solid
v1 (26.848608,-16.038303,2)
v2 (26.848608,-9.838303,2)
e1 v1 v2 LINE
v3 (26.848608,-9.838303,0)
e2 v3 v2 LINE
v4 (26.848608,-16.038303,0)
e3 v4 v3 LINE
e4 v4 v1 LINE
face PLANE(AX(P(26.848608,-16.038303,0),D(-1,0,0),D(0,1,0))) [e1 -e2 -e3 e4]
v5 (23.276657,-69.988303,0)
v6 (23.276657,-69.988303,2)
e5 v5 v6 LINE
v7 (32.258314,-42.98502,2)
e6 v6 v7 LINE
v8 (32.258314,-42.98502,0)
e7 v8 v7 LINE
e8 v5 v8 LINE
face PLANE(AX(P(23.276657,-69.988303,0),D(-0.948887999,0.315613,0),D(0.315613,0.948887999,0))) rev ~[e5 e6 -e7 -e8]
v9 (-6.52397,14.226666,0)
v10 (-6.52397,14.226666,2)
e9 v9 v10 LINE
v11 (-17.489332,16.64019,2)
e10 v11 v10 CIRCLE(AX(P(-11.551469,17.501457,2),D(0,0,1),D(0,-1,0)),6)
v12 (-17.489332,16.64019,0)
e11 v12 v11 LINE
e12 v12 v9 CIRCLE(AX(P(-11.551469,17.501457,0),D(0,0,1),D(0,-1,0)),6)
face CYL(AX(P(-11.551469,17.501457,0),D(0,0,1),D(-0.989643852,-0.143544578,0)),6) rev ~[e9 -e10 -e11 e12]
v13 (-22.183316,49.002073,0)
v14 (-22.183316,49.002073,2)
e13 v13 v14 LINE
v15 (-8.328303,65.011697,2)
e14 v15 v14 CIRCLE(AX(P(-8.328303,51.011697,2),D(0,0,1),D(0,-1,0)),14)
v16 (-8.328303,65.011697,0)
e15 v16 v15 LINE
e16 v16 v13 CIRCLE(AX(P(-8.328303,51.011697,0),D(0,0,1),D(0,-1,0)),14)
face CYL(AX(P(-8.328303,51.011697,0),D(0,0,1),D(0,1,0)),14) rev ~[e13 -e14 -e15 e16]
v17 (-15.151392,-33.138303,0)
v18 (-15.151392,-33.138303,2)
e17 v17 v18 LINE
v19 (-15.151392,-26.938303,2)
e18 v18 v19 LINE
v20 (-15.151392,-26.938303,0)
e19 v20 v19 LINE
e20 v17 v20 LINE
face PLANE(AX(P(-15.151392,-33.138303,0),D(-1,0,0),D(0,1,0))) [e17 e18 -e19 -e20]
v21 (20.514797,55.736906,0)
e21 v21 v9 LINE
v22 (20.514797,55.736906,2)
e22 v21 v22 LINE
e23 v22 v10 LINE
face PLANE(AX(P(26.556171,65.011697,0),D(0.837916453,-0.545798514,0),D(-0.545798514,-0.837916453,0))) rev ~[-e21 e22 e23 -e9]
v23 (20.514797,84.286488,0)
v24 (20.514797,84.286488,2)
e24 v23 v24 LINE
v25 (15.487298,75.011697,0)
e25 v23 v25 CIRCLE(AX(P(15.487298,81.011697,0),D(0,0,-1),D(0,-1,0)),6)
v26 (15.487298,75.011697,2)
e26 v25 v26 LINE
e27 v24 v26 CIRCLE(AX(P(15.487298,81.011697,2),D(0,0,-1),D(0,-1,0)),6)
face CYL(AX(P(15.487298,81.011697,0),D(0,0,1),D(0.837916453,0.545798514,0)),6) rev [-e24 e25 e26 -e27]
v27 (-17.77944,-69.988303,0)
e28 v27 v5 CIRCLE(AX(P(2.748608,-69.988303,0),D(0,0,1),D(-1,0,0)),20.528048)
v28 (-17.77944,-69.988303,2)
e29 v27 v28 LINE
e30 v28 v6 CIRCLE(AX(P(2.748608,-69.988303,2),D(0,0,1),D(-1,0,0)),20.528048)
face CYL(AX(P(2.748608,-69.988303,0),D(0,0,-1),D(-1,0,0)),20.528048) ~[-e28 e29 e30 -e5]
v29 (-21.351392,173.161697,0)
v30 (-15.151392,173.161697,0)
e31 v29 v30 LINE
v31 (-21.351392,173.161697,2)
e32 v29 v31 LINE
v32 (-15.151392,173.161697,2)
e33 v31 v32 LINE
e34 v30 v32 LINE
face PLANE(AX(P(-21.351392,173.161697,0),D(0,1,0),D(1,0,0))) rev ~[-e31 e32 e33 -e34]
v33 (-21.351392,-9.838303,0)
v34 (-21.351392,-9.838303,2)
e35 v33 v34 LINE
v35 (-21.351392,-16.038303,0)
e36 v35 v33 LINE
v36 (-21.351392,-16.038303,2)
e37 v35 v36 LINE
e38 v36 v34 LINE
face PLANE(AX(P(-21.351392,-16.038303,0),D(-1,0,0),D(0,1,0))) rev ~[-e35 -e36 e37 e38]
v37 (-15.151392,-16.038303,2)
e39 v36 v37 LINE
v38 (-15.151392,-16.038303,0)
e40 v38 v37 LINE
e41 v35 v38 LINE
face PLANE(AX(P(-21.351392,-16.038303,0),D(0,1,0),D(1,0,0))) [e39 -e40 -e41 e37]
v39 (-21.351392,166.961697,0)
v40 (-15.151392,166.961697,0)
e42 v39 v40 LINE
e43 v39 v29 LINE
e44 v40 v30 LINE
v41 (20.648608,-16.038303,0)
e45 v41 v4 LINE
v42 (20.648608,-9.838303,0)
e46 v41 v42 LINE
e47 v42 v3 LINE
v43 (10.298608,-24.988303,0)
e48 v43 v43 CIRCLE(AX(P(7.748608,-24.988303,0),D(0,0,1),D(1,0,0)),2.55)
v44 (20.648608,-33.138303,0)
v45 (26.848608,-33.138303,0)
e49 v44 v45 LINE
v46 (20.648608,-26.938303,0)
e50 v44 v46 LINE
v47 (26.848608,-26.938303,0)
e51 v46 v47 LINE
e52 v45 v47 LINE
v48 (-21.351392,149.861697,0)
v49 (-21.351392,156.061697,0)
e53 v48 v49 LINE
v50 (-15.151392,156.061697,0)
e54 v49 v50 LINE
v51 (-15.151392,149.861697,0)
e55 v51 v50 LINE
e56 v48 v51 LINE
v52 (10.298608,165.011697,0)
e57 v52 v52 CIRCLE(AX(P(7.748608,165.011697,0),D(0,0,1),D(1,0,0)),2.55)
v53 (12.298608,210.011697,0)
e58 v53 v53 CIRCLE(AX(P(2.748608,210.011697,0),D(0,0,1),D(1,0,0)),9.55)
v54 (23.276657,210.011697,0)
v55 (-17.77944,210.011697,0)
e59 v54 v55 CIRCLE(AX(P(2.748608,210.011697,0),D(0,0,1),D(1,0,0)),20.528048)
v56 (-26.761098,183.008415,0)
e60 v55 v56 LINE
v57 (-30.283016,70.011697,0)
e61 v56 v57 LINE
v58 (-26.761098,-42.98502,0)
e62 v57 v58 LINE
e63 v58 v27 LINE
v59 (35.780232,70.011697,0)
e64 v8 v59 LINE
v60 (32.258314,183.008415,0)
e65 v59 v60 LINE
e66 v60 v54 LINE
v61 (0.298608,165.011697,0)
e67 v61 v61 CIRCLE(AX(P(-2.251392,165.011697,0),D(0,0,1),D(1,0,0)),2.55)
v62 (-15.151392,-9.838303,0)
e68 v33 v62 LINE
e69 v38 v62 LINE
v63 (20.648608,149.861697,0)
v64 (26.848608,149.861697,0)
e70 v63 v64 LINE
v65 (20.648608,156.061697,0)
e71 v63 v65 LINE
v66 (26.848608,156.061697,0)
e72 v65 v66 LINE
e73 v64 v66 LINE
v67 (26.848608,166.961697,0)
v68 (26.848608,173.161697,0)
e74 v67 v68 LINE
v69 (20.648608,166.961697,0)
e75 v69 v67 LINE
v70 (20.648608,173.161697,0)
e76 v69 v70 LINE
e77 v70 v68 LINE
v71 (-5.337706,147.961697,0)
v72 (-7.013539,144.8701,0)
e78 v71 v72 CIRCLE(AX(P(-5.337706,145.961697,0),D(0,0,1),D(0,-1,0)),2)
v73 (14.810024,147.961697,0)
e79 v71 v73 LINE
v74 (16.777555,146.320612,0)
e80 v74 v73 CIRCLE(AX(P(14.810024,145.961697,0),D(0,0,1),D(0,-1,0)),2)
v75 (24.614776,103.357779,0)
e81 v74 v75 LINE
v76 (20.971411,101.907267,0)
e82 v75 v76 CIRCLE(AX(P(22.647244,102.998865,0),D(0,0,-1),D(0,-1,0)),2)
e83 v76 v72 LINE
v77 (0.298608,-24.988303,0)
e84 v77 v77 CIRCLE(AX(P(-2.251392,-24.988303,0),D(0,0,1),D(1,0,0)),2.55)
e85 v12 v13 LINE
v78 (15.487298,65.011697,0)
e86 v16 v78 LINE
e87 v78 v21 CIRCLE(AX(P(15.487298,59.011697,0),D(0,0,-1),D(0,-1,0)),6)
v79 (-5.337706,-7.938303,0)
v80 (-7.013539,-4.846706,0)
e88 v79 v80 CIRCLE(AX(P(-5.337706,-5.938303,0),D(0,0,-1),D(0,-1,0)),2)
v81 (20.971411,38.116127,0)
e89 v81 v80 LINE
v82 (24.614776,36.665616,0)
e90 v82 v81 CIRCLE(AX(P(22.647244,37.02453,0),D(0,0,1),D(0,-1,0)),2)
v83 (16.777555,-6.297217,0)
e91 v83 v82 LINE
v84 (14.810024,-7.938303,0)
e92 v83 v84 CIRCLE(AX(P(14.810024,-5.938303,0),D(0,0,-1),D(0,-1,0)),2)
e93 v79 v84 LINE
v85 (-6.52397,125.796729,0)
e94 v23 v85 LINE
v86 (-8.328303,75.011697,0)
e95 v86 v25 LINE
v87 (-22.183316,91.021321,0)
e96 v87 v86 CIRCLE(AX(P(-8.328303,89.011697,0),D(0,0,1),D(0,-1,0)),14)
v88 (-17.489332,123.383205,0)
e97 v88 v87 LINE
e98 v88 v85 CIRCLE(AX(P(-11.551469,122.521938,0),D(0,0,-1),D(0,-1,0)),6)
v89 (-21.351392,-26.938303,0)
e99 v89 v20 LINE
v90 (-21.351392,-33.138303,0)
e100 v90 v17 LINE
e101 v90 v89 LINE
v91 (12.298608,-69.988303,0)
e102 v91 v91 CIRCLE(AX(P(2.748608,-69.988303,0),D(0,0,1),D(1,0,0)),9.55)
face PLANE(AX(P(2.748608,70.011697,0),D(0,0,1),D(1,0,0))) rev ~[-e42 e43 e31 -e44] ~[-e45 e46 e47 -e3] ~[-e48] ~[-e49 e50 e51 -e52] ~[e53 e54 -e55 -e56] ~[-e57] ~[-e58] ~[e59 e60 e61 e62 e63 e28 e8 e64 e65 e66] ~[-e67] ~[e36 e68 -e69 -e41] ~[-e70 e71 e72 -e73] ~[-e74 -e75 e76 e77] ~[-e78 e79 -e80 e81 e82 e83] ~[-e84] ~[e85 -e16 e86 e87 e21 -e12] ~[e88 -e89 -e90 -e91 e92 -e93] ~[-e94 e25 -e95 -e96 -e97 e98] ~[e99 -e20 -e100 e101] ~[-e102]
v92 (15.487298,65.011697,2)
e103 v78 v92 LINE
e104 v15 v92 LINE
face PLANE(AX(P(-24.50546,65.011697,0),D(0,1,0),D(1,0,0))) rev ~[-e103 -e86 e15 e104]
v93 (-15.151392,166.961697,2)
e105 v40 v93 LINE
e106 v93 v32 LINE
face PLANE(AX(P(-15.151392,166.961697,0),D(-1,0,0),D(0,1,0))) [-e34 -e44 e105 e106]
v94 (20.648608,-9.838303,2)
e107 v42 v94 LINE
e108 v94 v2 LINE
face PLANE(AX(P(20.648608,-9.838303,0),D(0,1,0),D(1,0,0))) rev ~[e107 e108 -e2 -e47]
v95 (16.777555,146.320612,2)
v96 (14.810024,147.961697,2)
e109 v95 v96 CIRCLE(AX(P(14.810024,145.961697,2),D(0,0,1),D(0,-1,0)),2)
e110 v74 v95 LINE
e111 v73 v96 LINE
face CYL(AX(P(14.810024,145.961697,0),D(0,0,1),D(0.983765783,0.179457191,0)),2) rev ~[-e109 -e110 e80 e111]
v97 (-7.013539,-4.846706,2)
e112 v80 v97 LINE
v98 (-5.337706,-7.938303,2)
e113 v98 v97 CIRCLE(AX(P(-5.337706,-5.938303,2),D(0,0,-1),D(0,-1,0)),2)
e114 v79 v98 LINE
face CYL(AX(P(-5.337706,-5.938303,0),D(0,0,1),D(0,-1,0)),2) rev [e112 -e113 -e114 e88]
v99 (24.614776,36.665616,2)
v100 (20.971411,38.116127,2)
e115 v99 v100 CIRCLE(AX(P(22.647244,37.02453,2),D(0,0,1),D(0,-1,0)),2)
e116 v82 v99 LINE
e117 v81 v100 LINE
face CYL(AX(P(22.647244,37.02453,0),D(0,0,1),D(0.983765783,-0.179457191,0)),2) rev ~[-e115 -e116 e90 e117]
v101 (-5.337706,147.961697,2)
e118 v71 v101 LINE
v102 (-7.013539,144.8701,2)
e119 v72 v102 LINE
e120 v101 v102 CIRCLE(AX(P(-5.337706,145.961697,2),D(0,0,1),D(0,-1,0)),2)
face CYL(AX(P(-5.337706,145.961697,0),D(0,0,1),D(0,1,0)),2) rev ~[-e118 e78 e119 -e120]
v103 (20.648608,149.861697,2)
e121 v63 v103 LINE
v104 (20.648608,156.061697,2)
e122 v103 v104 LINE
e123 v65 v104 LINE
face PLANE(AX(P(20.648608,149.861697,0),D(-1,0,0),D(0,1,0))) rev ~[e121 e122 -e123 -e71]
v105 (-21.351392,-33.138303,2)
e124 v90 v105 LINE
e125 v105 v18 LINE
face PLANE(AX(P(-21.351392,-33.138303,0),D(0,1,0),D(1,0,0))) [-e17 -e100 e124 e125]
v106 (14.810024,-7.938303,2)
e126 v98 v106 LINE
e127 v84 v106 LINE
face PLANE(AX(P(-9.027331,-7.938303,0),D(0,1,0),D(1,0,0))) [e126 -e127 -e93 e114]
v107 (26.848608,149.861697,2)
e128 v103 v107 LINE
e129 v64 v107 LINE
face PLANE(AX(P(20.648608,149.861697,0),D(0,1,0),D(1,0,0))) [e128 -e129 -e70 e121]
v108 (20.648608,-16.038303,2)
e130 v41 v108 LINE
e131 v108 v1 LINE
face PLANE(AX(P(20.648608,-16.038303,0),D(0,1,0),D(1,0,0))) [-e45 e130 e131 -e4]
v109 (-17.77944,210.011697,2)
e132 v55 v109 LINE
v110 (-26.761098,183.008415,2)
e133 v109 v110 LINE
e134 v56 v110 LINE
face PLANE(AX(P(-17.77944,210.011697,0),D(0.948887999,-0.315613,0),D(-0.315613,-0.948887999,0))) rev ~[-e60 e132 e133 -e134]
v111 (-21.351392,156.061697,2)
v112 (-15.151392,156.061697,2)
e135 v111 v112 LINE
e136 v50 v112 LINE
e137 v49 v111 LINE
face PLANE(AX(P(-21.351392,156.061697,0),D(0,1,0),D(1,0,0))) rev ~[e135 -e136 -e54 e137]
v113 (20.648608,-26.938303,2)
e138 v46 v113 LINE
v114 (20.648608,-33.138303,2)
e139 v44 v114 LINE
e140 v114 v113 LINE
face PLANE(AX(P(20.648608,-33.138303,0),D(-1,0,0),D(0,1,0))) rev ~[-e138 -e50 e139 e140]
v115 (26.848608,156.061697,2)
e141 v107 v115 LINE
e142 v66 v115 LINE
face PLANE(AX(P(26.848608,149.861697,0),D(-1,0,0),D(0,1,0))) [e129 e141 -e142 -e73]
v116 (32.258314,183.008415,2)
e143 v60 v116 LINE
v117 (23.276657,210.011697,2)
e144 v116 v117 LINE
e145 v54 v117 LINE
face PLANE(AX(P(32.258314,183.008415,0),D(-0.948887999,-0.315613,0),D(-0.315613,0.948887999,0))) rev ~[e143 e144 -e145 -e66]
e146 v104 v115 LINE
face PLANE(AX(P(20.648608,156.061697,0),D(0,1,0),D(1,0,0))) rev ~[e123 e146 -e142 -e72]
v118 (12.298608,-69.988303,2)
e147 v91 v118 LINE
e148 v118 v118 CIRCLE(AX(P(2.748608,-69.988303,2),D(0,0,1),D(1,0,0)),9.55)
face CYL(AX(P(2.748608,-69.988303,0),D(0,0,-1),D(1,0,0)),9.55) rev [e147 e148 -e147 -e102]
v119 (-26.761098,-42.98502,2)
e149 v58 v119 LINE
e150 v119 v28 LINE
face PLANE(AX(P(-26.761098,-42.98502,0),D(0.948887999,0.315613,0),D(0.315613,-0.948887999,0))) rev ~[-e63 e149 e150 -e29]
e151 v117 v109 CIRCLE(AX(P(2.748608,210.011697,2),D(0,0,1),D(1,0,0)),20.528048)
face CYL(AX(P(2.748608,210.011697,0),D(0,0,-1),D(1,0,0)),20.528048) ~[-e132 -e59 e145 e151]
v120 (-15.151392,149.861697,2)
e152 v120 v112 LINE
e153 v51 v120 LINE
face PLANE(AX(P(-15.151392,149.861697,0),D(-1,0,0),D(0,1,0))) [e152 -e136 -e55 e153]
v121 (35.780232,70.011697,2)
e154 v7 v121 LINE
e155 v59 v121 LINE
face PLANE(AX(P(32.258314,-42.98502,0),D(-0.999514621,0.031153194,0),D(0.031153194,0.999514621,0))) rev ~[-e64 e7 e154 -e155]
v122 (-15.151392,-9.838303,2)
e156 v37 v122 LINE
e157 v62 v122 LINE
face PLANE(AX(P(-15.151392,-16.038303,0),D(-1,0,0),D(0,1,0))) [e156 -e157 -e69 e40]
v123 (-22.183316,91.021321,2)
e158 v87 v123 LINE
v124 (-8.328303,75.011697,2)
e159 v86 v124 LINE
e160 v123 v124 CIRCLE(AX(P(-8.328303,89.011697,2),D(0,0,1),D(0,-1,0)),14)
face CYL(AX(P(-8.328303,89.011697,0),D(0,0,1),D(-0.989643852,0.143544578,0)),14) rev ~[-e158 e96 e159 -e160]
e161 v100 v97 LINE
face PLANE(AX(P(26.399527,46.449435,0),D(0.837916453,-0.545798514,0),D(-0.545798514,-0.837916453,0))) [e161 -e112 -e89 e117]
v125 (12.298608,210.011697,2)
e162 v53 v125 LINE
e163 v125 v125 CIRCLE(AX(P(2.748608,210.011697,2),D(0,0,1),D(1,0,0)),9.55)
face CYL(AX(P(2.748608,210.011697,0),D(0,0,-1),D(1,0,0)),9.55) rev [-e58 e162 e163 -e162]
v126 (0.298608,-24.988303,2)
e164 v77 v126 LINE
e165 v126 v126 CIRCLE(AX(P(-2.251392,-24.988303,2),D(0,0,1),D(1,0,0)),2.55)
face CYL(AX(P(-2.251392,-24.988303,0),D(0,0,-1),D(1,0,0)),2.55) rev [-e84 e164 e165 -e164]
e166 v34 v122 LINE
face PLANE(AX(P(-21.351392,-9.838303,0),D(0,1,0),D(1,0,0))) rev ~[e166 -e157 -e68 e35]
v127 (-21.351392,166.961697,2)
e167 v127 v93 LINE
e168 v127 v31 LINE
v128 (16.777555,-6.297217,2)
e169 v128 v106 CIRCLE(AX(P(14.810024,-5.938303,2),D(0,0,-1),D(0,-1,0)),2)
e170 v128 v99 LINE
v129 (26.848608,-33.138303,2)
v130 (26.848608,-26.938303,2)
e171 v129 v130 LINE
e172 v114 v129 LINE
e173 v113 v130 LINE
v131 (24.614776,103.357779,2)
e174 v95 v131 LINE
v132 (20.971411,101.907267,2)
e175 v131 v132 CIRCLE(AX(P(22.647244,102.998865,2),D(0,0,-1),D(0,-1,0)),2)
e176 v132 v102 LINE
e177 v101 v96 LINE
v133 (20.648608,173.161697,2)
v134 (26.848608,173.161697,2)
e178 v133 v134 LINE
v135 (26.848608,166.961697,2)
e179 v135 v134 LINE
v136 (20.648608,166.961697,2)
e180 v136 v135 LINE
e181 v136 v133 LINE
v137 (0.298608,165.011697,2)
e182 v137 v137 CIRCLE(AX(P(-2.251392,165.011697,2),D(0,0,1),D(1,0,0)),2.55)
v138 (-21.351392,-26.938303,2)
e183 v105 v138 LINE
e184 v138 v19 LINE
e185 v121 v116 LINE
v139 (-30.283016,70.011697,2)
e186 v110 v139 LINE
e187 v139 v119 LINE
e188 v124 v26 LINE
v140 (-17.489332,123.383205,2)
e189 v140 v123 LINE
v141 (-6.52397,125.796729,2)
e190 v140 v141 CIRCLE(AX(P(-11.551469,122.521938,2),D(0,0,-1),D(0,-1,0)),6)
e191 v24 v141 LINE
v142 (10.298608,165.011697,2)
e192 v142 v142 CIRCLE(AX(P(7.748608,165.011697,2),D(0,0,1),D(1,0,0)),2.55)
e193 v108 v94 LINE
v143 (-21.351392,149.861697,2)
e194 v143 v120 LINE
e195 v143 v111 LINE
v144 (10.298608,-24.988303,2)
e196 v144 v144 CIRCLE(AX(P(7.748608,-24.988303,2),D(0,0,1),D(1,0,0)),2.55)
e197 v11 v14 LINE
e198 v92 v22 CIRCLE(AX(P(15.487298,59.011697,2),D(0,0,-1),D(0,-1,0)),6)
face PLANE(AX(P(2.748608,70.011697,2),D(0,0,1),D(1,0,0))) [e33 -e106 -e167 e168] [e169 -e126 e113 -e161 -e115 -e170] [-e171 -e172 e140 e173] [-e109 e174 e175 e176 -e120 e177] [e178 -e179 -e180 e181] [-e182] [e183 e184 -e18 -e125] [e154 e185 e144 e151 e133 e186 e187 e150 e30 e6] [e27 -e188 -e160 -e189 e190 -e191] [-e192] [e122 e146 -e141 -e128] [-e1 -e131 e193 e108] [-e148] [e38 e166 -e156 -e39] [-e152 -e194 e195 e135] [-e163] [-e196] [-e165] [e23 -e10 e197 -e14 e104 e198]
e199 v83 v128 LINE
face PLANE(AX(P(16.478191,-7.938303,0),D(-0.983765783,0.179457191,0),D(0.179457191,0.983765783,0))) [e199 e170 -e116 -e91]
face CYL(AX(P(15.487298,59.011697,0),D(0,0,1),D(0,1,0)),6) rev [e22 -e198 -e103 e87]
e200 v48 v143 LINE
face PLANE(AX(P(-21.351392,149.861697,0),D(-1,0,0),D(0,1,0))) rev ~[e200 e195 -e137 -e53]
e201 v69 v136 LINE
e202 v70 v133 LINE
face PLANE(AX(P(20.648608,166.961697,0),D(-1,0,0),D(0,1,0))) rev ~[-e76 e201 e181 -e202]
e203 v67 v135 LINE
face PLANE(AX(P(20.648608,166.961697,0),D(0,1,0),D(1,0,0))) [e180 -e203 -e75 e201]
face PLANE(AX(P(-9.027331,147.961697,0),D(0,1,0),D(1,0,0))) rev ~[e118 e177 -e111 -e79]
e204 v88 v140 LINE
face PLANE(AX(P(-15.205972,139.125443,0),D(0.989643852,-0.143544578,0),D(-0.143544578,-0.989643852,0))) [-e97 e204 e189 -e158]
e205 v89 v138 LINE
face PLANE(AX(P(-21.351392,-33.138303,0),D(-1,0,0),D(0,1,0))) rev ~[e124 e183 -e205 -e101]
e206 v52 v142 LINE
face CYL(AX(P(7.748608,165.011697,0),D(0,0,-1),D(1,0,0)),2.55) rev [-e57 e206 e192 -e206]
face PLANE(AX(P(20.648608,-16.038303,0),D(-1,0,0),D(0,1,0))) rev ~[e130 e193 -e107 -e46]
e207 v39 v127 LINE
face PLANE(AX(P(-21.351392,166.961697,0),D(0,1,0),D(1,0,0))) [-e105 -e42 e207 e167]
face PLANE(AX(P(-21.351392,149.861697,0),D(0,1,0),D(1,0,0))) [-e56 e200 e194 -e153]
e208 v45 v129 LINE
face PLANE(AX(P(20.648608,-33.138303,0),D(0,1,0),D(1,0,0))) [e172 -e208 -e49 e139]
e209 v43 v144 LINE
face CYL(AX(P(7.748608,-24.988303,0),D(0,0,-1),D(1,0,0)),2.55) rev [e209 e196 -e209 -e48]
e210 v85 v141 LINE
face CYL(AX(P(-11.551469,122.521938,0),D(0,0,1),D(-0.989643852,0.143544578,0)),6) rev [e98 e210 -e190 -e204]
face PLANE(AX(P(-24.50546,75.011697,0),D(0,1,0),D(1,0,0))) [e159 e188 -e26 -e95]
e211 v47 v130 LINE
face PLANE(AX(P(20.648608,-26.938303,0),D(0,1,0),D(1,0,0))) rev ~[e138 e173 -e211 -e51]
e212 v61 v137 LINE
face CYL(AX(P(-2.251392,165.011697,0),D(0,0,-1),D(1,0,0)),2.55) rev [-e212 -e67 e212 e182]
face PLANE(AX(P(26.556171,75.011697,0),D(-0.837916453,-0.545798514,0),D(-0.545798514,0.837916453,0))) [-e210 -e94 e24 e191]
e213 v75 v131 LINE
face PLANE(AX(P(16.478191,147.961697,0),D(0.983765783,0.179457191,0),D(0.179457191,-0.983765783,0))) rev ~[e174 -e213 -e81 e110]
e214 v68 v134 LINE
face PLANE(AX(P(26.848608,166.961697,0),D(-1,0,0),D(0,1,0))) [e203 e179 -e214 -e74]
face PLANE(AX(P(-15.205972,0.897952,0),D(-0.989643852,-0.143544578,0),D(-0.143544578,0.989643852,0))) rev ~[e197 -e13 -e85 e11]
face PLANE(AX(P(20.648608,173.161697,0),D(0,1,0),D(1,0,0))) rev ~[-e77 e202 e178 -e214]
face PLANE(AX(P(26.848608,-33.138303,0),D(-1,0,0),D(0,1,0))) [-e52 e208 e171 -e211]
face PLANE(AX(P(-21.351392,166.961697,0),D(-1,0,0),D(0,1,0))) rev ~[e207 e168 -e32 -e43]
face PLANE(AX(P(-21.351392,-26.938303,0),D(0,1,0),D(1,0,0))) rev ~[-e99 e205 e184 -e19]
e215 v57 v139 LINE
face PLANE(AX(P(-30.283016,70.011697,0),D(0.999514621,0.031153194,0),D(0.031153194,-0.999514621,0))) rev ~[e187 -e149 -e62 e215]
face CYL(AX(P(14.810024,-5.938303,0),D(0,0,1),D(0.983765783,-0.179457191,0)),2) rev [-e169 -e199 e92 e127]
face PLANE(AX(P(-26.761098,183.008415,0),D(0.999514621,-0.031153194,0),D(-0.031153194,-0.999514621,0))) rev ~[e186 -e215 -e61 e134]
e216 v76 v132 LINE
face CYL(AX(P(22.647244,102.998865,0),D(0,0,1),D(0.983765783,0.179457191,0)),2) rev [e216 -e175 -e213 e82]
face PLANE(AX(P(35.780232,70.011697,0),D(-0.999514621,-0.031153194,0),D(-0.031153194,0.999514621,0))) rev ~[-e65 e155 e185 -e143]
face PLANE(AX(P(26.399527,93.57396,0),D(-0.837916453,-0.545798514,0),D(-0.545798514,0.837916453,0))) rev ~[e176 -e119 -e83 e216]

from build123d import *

# Parameters (mm, degrees)
SKETCH_1_R      = 9.55
SKETCH_1_R_2    = 2.55
SKETCH_1_W      = 6.2
SKETCH_1_H      = 6.2
EXTRUDE_2_DEPTH = 2
FILLET_1_R      = 6
FILLET_2_R      = 14
FILLET_3_R      = 2


with BuildPart() as part:
    # 草图1 → 凸台-拉伸2 (new body)
    with BuildSketch(Plane.XY):
        with BuildLine():
            Line((-17.779440223, 210.011697354), (-26.761097666, 183.008415033))
            Line((-26.761097666, 183.008415033), (-30.283015797, 70.011697354))
            Line((-30.283015797, 70.011697354), (-26.761097666, -42.985020326))
            Line((-26.761097666, -42.985020326), (-17.779440223, -69.988302646))
            ThreePointArc((-17.779440223, -69.988302646), (2.748608262, -90.516351131), (23.276656746, -69.988302646))
            Line((23.276656746, -69.988302646), (32.258314189, -42.985020326))
            Line((32.258314189, -42.985020326), (35.78023232, 70.011697354))
            Line((35.78023232, 70.011697354), (32.258314189, 183.008415033))
            Line((32.258314189, 183.008415033), (23.276656746, 210.011697354))
            ThreePointArc((23.276656746, 210.011697354), (2.748608262, 230.539745838), (-17.779440223, 210.011697354))
        make_face()
        with Locations((2.748608262, 210.011697354)):
            Circle(SKETCH_1_R, mode=Mode.SUBTRACT)
        with Locations((-2.251391738, 165.011697354)):
            Circle(SKETCH_1_R_2, mode=Mode.SUBTRACT)
        with Locations((7.748608262, 165.011697354)):
            Circle(SKETCH_1_R_2, mode=Mode.SUBTRACT)
        with Locations((7.748608262, -24.988302646)):
            Circle(SKETCH_1_R_2, mode=Mode.SUBTRACT)
        with Locations((-2.251391738, -24.988302646)):
            Circle(SKETCH_1_R_2, mode=Mode.SUBTRACT)
        with Locations((2.748608262, -69.988302646)):
            Circle(SKETCH_1_R, mode=Mode.SUBTRACT)
        with Locations((-18.251391738, 152.961697354)):
            Rectangle(SKETCH_1_W, SKETCH_1_H, mode=Mode.SUBTRACT)
        with Locations((-18.251391738, 170.061697354)):
            Rectangle(SKETCH_1_W, SKETCH_1_H, mode=Mode.SUBTRACT)
        Polygon((26.399526511, 93.573959612), (-9.02733062, 147.961697354), (16.478190756, 147.961697354), align=None, mode=Mode.SUBTRACT)
        Polygon((-15.205972232, 139.125442928), (-24.505459679, 75.011697354), (26.556171202, 75.011697354), align=None, mode=Mode.SUBTRACT)
        with Locations((23.748608262, 152.961697354)):
            Rectangle(SKETCH_1_W, SKETCH_1_H, mode=Mode.SUBTRACT)
        with Locations((23.748608262, 170.061697354)):
            Rectangle(SKETCH_1_W, SKETCH_1_H, mode=Mode.SUBTRACT)
        with Locations((23.748608262, -30.038302646)):
            Rectangle(SKETCH_1_W, SKETCH_1_H, mode=Mode.SUBTRACT)
        with Locations((23.748608262, -12.938302646)):
            Rectangle(SKETCH_1_W, SKETCH_1_H, mode=Mode.SUBTRACT)
        with Locations((-18.251391738, -12.938302646)):
            Rectangle(SKETCH_1_W, SKETCH_1_H, mode=Mode.SUBTRACT)
        Polygon((26.556171202, 65.011697354), (-15.205972232, 0.897951779), (-24.505459679, 65.011697354), align=None, mode=Mode.SUBTRACT)
        Polygon((16.478190756, -7.938302646), (26.399526511, 46.449435095), (-9.02733062, -7.938302646), align=None, mode=Mode.SUBTRACT)
        with Locations((-18.251391738, -30.038302646)):
            Rectangle(SKETCH_1_W, SKETCH_1_H, mode=Mode.SUBTRACT)
    extrude(amount=EXTRUDE_2_DEPTH)

    # 圆角1
    fillet_1_edges = [part.edges().sort_by_distance(p)[0] for p in [
        (-15.205972232, 139.125442928, 1),
        (26.556171202, 75.011697354, 1),
        (26.556171202, 65.011697354, 1),
        (-15.205972232, 0.897951779, 1),
    ]]
    fillet(fillet_1_edges, radius=FILLET_1_R)

    # 圆角2
    fillet_2_edges = [part.edges().sort_by_distance(p)[0] for p in [
        (-24.505459679, 75.011697354, 1),
        (-24.505459679, 65.011697354, 1),
    ]]
    fillet(fillet_2_edges, radius=FILLET_2_R)

    # 圆角3
    fillet_3_edges = [part.edges().sort_by_distance(p)[0] for p in [
        (-9.02733062, -7.938302646, 1),
        (16.478190756, -7.938302646, 1),
        (26.399526511, 46.449435095, 1),
        (-9.02733062, 147.961697354, 1),
        (26.399526511, 93.573959612, 1),
        (16.478190756, 147.961697354, 1),
    ]]
    fillet(fillet_3_edges, radius=FILLET_3_R)


solid = part.part
